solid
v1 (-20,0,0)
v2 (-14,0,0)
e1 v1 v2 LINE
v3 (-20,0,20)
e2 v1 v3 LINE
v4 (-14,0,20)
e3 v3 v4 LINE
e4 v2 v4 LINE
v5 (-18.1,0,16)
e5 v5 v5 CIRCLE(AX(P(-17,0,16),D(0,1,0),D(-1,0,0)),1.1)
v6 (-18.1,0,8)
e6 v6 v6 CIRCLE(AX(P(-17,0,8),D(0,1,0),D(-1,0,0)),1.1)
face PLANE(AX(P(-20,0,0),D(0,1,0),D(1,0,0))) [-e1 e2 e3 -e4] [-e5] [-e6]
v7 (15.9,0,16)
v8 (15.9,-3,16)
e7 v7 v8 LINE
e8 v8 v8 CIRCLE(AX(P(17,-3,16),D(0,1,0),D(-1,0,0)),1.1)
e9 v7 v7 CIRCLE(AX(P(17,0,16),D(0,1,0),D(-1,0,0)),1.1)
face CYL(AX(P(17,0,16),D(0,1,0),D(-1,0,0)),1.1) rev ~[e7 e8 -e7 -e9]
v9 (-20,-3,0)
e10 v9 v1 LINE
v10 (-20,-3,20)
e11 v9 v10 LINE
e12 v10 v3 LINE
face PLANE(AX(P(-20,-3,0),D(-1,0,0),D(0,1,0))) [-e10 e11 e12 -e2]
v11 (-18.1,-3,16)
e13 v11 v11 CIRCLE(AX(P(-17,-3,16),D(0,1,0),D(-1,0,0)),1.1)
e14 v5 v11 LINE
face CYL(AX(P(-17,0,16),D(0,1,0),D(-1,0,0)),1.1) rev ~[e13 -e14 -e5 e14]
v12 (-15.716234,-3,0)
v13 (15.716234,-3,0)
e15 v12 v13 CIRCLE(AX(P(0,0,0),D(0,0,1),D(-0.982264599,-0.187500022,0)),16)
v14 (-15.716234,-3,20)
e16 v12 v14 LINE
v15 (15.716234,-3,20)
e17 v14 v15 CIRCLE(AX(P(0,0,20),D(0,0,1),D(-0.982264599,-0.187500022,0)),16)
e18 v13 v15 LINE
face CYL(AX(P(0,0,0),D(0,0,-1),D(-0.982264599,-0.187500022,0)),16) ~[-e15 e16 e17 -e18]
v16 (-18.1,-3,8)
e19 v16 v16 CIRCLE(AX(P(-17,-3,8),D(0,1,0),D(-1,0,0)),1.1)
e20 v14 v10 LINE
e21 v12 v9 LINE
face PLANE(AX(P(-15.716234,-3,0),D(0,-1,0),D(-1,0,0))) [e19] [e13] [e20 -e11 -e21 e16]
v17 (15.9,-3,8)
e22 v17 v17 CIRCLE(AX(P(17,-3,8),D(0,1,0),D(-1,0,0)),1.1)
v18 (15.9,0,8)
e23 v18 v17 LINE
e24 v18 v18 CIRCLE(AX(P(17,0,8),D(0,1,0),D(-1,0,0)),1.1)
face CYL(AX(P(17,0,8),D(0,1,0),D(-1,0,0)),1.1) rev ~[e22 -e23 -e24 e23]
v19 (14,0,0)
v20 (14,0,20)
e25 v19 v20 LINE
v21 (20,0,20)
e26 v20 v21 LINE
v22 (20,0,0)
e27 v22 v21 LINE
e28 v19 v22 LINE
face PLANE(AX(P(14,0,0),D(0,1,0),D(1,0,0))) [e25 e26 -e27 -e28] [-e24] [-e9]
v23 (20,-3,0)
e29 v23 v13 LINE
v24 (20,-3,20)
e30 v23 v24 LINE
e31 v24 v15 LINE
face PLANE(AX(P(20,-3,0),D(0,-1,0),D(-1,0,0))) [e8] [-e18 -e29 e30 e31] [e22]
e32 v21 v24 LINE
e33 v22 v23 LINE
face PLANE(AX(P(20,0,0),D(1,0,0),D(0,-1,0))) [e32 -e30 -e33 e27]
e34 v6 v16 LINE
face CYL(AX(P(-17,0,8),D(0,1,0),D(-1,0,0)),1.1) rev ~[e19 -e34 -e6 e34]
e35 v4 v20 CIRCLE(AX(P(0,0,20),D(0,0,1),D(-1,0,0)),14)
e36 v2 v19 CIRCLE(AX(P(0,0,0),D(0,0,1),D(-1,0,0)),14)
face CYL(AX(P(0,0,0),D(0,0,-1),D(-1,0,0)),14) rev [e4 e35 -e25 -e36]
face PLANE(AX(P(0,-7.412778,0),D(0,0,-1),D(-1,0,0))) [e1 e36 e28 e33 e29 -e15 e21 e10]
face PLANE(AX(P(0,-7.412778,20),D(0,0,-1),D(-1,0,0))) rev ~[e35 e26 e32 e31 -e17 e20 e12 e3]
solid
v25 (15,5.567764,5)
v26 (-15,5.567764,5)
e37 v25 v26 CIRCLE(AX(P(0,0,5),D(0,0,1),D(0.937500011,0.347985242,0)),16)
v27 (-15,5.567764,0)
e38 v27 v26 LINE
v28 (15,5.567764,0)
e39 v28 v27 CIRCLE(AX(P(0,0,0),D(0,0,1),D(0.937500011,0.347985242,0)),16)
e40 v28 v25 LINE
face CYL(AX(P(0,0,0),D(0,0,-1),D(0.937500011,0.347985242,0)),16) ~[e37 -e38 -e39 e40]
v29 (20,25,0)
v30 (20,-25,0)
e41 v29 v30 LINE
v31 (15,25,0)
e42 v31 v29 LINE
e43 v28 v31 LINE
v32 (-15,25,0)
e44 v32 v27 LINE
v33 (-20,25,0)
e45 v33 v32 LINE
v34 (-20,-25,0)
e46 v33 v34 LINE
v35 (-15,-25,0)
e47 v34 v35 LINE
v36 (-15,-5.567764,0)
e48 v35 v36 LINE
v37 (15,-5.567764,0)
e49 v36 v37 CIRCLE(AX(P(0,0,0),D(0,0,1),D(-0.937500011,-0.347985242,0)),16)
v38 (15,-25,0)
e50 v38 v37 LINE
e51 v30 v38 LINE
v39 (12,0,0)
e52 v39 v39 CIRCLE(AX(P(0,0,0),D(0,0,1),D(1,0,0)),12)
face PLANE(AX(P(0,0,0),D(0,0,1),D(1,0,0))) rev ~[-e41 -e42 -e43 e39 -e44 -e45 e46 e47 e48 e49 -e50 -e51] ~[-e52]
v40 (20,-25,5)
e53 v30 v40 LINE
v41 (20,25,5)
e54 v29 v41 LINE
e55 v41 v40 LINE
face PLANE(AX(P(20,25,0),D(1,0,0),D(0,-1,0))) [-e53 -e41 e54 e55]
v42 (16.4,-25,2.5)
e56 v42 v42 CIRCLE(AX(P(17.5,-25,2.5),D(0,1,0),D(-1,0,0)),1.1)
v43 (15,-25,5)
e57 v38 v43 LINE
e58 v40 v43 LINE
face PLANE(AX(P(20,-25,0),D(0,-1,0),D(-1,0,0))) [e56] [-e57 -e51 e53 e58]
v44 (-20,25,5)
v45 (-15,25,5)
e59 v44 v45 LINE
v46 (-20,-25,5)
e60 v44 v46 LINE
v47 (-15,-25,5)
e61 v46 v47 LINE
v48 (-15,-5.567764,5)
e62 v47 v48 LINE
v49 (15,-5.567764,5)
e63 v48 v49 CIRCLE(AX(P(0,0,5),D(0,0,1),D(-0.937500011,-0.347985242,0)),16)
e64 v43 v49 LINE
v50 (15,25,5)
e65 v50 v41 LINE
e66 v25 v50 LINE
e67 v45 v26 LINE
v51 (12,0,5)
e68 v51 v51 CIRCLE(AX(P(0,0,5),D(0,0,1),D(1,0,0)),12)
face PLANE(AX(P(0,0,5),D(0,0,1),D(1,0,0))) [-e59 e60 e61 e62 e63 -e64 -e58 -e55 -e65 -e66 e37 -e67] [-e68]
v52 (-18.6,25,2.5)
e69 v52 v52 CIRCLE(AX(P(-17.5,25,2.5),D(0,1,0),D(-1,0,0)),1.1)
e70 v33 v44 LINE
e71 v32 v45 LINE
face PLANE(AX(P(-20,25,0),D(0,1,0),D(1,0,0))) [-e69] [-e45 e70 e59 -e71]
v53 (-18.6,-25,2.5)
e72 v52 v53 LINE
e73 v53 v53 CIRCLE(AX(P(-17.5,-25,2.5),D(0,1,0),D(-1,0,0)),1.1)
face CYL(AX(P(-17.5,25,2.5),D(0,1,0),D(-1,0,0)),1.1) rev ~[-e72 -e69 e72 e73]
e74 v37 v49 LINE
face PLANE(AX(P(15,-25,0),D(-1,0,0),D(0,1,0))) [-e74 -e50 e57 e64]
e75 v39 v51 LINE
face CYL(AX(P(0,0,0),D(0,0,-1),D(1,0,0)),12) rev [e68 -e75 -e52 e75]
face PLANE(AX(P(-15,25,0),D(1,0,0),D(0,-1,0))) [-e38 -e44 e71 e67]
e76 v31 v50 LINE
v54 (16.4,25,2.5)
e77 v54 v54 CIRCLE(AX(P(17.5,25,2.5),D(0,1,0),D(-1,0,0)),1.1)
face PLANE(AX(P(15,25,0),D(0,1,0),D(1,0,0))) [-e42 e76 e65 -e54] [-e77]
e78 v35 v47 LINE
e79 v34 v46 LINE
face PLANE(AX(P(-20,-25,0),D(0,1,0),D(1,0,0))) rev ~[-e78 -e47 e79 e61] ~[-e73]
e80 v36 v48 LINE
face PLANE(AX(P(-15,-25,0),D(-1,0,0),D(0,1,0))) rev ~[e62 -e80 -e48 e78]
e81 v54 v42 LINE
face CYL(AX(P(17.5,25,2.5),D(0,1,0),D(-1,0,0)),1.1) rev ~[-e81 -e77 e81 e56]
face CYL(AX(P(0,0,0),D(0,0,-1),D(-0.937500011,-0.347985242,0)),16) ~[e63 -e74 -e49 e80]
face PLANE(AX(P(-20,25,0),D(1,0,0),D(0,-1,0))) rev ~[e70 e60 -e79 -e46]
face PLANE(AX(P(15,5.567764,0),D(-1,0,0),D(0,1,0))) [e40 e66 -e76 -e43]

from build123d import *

# Parameters (mm, degrees)
PAD001_DEPTH    = 20
SKETCH002_R     = 1.1
POCKET_DEPTH    = 16.001
SKETCH_R        = 12
PAD_DEPTH       = 5
SKETCH003_R     = 1.1
POCKET001_DEPTH = 50.001


with BuildPart() as fastenerholesbracket:
    # Sketch001 → Pad001 (new body)
    with BuildSketch(Plane.XY):
        with BuildLine():
            Line((-15.716234, -3), (-20, -3))
            Line((-20, -3), (-20, 0))
            Line((-20, 0), (-14, 0))
            ThreePointArc((-14, 0), (0, -14), (14, 0))
            Line((14, 0), (20, 0))
            Line((20, 0), (20, -3))
            Line((20, -3), (15.716234, -3))
            ThreePointArc((-15.716234, -3), (0, -16), (15.716234, -3))
        make_face()
    extrude(amount=PAD001_DEPTH)

    # Sketch002 → Pocket (cut, through all)
    with BuildSketch(Plane(origin=(0, 0, 0), x_dir=(-1, 0, 0), z_dir=(0, 1, 0))):
        with Locations((-17, 16)):
            Circle(SKETCH002_R)
        with Locations((-17, 8)):
            Circle(SKETCH002_R)
        with Locations((17, 16)):
            Circle(SKETCH002_R)
        with Locations((17, 8)):
            Circle(SKETCH002_R)
    extrude(amount=-POCKET_DEPTH, mode=Mode.SUBTRACT)


with BuildPart() as fastenerholespocket:
    # Sketch → Pad (new body)
    with BuildSketch(Plane.XY):
        with BuildLine():
            Line((-20, 25), (-20, -25))
            Line((-20, -25), (-15, -25))
            Line((-15, -25), (-15, -5.567764))
            ThreePointArc((-15, -5.567764), (0, -16), (15, -5.567764))
            Line((15, -25), (15, -5.567764))
            Line((20, -25), (15, -25))
            Line((20, 25), (20, -25))
            Line((15, 25), (20, 25))
            Line((15, 5.567764), (15, 25))
            ThreePointArc((15, 5.567764), (0, 16), (-15, 5.567764))
            Line((-15, 25), (-15, 5.567764))
            Line((-20, 25), (-15, 25))
        make_face()
        Circle(SKETCH_R, mode=Mode.SUBTRACT)
    extrude(amount=PAD_DEPTH)

    # Sketch003 → Pocket001 (cut, through all)
    with BuildSketch(Plane(origin=(0, 25, 0), x_dir=(-1, 0, 0), z_dir=(0, 1, 0))):
        with Locations((-17.5, 2.5)):
            Circle(SKETCH003_R)
        with Locations((17.5, 2.5)):
            Circle(SKETCH003_R)
    extrude(amount=-POCKET001_DEPTH, mode=Mode.SUBTRACT)


solid = Compound([fastenerholesbracket.part, fastenerholespocket.part])
